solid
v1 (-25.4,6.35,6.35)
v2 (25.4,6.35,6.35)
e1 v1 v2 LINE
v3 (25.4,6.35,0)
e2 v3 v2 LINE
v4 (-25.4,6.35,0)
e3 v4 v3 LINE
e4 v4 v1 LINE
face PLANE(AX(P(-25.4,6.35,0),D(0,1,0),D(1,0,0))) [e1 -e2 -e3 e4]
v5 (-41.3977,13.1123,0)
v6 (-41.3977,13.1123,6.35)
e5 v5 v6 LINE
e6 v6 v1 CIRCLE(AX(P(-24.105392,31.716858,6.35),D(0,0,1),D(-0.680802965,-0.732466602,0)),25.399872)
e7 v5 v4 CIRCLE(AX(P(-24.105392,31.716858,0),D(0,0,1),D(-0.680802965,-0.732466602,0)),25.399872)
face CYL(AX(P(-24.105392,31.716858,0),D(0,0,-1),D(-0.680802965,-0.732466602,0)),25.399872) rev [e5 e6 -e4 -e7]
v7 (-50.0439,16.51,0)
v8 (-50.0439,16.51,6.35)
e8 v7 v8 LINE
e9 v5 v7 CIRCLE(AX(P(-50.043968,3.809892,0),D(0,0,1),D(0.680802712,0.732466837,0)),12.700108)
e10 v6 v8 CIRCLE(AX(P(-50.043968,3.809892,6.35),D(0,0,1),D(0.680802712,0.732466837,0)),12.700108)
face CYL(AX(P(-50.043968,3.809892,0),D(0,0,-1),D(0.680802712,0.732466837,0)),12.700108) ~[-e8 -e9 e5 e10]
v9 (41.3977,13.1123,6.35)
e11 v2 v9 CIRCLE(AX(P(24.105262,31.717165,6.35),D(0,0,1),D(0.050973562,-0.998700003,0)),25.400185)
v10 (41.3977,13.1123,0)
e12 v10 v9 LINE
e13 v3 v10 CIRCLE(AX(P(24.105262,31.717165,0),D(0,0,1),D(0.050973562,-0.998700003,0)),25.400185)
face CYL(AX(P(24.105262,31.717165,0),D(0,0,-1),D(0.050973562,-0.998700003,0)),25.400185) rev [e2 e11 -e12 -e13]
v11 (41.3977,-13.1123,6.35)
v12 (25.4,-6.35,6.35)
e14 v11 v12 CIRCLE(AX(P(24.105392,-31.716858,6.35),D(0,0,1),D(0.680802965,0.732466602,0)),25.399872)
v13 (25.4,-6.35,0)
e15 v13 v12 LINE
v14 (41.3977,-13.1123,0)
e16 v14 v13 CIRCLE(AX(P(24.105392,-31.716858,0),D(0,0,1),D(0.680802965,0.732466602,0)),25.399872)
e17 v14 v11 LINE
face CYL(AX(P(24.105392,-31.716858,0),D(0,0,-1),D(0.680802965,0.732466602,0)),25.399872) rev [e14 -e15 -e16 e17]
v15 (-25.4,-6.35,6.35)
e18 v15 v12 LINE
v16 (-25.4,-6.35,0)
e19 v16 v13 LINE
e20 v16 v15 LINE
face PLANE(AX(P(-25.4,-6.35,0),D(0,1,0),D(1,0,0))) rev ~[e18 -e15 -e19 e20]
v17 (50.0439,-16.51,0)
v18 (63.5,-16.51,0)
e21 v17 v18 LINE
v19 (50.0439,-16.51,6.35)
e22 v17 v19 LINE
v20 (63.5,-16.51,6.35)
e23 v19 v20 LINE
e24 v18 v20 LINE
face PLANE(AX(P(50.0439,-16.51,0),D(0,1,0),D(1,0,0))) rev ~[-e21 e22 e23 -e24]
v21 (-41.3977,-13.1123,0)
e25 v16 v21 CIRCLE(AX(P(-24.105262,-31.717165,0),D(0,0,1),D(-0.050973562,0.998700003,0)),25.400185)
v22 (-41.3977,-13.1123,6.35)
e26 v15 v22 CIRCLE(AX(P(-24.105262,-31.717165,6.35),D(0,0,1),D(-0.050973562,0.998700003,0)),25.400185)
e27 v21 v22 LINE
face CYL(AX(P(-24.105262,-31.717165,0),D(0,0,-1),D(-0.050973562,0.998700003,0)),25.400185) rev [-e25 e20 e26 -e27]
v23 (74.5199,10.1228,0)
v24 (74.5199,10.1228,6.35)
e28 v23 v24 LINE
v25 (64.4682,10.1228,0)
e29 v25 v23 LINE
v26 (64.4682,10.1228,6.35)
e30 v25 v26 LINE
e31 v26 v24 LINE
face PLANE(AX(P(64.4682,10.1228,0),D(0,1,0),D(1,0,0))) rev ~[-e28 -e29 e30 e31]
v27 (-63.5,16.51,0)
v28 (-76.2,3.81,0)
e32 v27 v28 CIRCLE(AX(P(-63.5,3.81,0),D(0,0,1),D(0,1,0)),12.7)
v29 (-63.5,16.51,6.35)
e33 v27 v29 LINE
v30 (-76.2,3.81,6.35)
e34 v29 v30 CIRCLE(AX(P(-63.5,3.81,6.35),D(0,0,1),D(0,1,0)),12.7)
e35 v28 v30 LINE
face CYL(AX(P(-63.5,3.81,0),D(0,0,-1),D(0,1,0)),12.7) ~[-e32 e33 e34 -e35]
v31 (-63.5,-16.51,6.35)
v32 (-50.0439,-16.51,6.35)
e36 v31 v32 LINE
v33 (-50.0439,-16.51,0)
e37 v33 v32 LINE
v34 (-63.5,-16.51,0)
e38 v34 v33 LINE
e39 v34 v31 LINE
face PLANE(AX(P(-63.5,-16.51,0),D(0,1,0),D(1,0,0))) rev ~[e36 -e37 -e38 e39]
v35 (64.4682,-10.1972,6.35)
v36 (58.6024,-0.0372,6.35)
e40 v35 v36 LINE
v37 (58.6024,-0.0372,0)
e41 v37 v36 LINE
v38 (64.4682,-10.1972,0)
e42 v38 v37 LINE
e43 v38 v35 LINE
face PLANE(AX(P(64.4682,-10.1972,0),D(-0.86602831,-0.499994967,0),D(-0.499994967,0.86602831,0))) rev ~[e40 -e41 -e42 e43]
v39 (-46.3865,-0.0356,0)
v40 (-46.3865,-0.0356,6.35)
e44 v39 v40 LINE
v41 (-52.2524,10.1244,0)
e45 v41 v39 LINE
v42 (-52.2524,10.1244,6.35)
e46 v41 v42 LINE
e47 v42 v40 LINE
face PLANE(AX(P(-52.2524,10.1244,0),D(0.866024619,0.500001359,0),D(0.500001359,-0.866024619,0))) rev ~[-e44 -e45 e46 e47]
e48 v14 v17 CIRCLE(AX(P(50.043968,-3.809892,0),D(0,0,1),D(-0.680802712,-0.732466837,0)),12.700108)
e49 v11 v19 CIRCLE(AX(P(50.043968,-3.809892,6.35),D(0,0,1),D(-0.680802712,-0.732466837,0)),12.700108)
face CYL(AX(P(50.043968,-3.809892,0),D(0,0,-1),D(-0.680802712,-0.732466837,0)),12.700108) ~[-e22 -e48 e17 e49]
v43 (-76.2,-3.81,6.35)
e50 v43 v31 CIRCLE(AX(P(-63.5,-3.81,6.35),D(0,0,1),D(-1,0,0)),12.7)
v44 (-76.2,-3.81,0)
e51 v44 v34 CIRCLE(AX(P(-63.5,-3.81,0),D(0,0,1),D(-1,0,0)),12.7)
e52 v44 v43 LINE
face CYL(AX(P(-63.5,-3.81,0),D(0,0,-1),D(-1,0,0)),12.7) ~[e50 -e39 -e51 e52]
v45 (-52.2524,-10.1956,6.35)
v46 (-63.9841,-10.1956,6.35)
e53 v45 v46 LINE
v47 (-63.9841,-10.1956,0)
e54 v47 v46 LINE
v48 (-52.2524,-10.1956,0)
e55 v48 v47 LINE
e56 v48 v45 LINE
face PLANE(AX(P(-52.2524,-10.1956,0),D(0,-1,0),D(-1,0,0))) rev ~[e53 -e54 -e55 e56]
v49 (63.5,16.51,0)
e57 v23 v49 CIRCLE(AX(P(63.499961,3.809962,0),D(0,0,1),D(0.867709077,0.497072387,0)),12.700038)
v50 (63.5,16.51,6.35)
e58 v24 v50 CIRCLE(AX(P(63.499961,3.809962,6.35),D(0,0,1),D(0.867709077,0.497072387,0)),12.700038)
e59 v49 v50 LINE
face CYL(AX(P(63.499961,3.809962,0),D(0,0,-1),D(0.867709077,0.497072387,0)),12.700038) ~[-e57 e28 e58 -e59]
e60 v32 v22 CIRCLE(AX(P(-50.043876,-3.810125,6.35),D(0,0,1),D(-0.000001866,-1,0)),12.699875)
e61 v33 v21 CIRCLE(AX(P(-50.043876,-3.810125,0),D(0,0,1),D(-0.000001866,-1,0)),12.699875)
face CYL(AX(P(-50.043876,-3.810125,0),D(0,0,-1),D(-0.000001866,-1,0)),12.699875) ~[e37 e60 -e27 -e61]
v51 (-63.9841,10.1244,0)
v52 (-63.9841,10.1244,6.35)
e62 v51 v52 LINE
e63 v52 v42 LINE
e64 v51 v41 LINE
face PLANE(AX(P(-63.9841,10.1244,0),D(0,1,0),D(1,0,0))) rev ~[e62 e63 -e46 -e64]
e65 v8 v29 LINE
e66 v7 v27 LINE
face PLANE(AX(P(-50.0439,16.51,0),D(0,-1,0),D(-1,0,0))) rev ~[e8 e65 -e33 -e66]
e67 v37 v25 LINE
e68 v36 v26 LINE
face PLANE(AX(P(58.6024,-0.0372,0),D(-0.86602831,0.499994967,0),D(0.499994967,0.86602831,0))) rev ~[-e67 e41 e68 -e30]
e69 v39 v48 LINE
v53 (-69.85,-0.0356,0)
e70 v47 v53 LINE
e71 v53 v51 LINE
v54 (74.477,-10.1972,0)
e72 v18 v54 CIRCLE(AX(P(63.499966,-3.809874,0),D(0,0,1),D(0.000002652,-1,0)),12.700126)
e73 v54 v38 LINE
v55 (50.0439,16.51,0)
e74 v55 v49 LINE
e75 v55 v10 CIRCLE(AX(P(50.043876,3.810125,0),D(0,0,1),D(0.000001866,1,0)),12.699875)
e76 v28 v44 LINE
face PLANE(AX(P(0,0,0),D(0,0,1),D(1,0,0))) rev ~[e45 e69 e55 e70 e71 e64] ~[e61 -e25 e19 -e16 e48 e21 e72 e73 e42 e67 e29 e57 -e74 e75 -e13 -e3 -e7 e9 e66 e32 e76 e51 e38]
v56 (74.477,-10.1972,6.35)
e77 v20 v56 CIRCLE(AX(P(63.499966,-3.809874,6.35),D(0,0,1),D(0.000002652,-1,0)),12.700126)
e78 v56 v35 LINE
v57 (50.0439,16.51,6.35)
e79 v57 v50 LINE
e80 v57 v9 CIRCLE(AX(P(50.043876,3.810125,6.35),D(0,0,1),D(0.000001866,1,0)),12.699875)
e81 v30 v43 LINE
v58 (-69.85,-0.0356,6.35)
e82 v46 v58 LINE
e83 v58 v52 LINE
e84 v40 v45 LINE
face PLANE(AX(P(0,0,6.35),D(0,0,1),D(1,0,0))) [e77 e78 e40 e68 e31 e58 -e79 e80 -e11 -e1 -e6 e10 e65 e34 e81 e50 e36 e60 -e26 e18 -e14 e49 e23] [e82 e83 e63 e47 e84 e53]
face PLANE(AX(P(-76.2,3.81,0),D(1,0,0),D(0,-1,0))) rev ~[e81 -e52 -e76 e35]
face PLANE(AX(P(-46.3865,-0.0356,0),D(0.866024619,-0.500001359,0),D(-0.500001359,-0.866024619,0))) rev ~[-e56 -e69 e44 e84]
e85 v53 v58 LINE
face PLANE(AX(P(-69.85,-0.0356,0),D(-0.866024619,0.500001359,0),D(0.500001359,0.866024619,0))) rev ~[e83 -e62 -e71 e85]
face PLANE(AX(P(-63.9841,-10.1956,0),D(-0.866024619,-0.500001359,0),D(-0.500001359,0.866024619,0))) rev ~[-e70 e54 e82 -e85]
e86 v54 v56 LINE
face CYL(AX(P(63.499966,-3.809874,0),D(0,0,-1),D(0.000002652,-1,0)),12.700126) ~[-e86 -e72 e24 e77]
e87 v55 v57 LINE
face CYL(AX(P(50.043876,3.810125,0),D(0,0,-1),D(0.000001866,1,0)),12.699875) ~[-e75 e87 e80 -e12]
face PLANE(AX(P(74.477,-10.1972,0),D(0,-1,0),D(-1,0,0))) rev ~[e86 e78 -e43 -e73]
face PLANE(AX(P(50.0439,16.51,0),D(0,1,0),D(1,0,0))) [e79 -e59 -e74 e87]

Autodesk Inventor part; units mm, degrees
ref_plane "YZ Plane" through (0, 0, 0) normal (1, 0, 0) x (0, 1, 0)
ref_plane "XZ Plane" through (0, 0, 0) normal (0, 1, 0) x (-1, 0, 0)
ref_plane "XY Plane" through (0, 0, 0) normal (0, 0, 1) x (1, 0, 0)
sketch "Sketch1" plane through (0, 0, 0) normal (0, 0, 1) x (1, 0, 0)
  line L0 (-50.0439, 16.51) -> (-63.5, 16.51)
  line L1 (-76.2, 3.81) -> (-76.2, -3.81)
  line L2 (-76.2, -16.51) -> (76.2, 16.51) construction
  line L3 (76.2, -16.51) -> (-76.2, 16.51) construction
  line L4 (-52.2524, 10.1244) -> (-46.3865, -0.0356)
  line L5 (-46.3865, -0.0356) -> (-52.2524, -10.1956)
  line L6 (-52.2524, -10.1956) -> (-63.9841, -10.1956)
  line L7 (-63.9841, -10.1956) -> (-69.85, -0.0356)
  line L8 (-69.85, -0.0356) -> (-63.9841, 10.1244)
  line L9 (-63.9841, 10.1244) -> (-52.2524, 10.1244)
  line L10 (76.2009, -10.1956) -> (76.2, -10.1972)
  line L11 (74.477, -10.1972) -> (64.4682, -10.1972)
  line L12 (64.4682, -10.1972) -> (58.6024, -0.0372)
  line L13 (58.6024, -0.0372) -> (64.4682, 10.1228)
  line L14 (64.4682, 10.1228) -> (74.5199, 10.1228)
  line L15 (-25.4, -6.35) -> (25.4, -6.35) construction
  line L16 (25.4, -6.35) -> (25.4, 6.35) construction
  line L17 (25.4, 6.35) -> (-25.4, 6.35) construction
  line L18 (-25.4, 6.35) -> (-25.4, -6.35) construction
  line L19 (-25.4, -6.35) -> (25.4, 6.35) construction
  line L20 (25.4, -6.35) -> (-25.4, 6.35) construction
  line L21 (-44.45, 16.51) -> (-44.45, -16.51) construction
  line L22 (44.45, 16.51) -> (44.45, -16.51) construction
  arc A0 (-41.3977, 13.1123) -> (-25.4, 6.35) centre (-24.1053, 31.717) ccw
  arc A1 (-25.4, -6.35) -> (-41.3977, -13.1123) centre (-24.1053, -31.717) ccw
  arc A2 (25.4, 6.35) -> (41.3977, 13.1123) centre (24.1053, 31.717) ccw
  arc A3 (41.3977, -13.1123) -> (25.4, -6.35) centre (24.1053, -31.717) ccw
  line L23 (-25.4, 6.35) -> (25.4, 6.35)
  line L24 (-25.4, -6.35) -> (25.4, -6.35)
  arc A4 (-41.3977, 13.1123) -> (-50.0439, 16.51) centre (-50.0439, 3.81) ccw
  line L25 (-63.5, -16.51) -> (-50.0439, -16.51)
  line L26 (50.0439, -16.51) -> (63.5, -16.51)
  arc A5 (-50.0439, -16.51) -> (-41.3977, -13.1123) centre (-50.0439, -3.81) ccw
  arc A6 (41.3977, -13.1123) -> (50.0439, -16.51) centre (50.0439, -3.81) ccw
  line L27 (50.0439, 16.51) -> (63.5, 16.51)
  arc A7 (50.0439, 16.51) -> (41.3977, 13.1123) centre (50.0439, 3.81) ccw
  arc A8 (41.3977, -13.1123) -> (50.0439, -16.51) centre (50.0439, -3.81) ccw
  arc A9 (-63.5, 16.51) -> (-76.2, 3.81) centre (-63.5, 3.81) ccw
  arc A10 (-76.2, -3.81) -> (-63.5, -16.51) centre (-63.5, -3.81) ccw
  arc A11 (63.5, -16.51) -> (74.477, -10.1972) centre (63.5, -3.81) ccw
  arc A12 (74.5199, 10.1228) -> (63.5, 16.51) centre (63.5, 3.81) ccw
  line L28 (76.2, -10.1972) -> (76.2, -10.1956) construction
  line L29 (76.2, -10.1956) -> (76.2, -10.1972)
  point P0 (0, 0)
  point P1 (-58.1182, -0.0356)
  point P2 (70.3341, -0.0372)
  point P3 (76.2, 6.35)
  point P4 (41.3977, -13.1123)
  point P5 (50.0439, -16.51)
  dimension "totalLength" = 152.4
  dimension "maxWidth" = 33.02
  dimension "boltWidth" = 20.32
  dimension "d3" = 6.35
  dimension "d4" = 20.32
  dimension "handleLength" = 50.8
  dimension "handleWidth" = 12.7
  dimension "endOfHandle" = 44.45
  dimension "d8" = 44.45
  dimension "arcRadius" = 25.4
  dimension "d10" = 25.4
  dimension "d11" = 25.4
  dimension "outerFillet" = 12.7
  dimension "d15" = 12.7
  dimension "d16" = 12.7
  dimension "d17" = 12.7
extrude "Extrusion1" add sketch "Sketch1" along normal blind 6.35
equation "\"maxWidth\" = boltWidth + 2 * minWallThickness"
equation "\"boltWidth\" = boltSize + boltGap"
equation "\"d3\" = minWallThickness"
equation "\"d4\" = boltWidth"
equation "\"endOfHandle\" = 0.5 * handleLength + boltSize"
equation "\"d8\" = endOfHandle"
equation "\"d15\" = outerFillet"
equation "\"d16\" = outerFillet"
equation "\"d17\" = outerFillet"
equation "\"d18\" = minWallThickness"
equation "\"minWallThickness\" = 6.35"
equation "\"boltGap\" = 1.27"
equation "\"boltSize\" = 19.05"
properties part number "3_4_inchWrench"
